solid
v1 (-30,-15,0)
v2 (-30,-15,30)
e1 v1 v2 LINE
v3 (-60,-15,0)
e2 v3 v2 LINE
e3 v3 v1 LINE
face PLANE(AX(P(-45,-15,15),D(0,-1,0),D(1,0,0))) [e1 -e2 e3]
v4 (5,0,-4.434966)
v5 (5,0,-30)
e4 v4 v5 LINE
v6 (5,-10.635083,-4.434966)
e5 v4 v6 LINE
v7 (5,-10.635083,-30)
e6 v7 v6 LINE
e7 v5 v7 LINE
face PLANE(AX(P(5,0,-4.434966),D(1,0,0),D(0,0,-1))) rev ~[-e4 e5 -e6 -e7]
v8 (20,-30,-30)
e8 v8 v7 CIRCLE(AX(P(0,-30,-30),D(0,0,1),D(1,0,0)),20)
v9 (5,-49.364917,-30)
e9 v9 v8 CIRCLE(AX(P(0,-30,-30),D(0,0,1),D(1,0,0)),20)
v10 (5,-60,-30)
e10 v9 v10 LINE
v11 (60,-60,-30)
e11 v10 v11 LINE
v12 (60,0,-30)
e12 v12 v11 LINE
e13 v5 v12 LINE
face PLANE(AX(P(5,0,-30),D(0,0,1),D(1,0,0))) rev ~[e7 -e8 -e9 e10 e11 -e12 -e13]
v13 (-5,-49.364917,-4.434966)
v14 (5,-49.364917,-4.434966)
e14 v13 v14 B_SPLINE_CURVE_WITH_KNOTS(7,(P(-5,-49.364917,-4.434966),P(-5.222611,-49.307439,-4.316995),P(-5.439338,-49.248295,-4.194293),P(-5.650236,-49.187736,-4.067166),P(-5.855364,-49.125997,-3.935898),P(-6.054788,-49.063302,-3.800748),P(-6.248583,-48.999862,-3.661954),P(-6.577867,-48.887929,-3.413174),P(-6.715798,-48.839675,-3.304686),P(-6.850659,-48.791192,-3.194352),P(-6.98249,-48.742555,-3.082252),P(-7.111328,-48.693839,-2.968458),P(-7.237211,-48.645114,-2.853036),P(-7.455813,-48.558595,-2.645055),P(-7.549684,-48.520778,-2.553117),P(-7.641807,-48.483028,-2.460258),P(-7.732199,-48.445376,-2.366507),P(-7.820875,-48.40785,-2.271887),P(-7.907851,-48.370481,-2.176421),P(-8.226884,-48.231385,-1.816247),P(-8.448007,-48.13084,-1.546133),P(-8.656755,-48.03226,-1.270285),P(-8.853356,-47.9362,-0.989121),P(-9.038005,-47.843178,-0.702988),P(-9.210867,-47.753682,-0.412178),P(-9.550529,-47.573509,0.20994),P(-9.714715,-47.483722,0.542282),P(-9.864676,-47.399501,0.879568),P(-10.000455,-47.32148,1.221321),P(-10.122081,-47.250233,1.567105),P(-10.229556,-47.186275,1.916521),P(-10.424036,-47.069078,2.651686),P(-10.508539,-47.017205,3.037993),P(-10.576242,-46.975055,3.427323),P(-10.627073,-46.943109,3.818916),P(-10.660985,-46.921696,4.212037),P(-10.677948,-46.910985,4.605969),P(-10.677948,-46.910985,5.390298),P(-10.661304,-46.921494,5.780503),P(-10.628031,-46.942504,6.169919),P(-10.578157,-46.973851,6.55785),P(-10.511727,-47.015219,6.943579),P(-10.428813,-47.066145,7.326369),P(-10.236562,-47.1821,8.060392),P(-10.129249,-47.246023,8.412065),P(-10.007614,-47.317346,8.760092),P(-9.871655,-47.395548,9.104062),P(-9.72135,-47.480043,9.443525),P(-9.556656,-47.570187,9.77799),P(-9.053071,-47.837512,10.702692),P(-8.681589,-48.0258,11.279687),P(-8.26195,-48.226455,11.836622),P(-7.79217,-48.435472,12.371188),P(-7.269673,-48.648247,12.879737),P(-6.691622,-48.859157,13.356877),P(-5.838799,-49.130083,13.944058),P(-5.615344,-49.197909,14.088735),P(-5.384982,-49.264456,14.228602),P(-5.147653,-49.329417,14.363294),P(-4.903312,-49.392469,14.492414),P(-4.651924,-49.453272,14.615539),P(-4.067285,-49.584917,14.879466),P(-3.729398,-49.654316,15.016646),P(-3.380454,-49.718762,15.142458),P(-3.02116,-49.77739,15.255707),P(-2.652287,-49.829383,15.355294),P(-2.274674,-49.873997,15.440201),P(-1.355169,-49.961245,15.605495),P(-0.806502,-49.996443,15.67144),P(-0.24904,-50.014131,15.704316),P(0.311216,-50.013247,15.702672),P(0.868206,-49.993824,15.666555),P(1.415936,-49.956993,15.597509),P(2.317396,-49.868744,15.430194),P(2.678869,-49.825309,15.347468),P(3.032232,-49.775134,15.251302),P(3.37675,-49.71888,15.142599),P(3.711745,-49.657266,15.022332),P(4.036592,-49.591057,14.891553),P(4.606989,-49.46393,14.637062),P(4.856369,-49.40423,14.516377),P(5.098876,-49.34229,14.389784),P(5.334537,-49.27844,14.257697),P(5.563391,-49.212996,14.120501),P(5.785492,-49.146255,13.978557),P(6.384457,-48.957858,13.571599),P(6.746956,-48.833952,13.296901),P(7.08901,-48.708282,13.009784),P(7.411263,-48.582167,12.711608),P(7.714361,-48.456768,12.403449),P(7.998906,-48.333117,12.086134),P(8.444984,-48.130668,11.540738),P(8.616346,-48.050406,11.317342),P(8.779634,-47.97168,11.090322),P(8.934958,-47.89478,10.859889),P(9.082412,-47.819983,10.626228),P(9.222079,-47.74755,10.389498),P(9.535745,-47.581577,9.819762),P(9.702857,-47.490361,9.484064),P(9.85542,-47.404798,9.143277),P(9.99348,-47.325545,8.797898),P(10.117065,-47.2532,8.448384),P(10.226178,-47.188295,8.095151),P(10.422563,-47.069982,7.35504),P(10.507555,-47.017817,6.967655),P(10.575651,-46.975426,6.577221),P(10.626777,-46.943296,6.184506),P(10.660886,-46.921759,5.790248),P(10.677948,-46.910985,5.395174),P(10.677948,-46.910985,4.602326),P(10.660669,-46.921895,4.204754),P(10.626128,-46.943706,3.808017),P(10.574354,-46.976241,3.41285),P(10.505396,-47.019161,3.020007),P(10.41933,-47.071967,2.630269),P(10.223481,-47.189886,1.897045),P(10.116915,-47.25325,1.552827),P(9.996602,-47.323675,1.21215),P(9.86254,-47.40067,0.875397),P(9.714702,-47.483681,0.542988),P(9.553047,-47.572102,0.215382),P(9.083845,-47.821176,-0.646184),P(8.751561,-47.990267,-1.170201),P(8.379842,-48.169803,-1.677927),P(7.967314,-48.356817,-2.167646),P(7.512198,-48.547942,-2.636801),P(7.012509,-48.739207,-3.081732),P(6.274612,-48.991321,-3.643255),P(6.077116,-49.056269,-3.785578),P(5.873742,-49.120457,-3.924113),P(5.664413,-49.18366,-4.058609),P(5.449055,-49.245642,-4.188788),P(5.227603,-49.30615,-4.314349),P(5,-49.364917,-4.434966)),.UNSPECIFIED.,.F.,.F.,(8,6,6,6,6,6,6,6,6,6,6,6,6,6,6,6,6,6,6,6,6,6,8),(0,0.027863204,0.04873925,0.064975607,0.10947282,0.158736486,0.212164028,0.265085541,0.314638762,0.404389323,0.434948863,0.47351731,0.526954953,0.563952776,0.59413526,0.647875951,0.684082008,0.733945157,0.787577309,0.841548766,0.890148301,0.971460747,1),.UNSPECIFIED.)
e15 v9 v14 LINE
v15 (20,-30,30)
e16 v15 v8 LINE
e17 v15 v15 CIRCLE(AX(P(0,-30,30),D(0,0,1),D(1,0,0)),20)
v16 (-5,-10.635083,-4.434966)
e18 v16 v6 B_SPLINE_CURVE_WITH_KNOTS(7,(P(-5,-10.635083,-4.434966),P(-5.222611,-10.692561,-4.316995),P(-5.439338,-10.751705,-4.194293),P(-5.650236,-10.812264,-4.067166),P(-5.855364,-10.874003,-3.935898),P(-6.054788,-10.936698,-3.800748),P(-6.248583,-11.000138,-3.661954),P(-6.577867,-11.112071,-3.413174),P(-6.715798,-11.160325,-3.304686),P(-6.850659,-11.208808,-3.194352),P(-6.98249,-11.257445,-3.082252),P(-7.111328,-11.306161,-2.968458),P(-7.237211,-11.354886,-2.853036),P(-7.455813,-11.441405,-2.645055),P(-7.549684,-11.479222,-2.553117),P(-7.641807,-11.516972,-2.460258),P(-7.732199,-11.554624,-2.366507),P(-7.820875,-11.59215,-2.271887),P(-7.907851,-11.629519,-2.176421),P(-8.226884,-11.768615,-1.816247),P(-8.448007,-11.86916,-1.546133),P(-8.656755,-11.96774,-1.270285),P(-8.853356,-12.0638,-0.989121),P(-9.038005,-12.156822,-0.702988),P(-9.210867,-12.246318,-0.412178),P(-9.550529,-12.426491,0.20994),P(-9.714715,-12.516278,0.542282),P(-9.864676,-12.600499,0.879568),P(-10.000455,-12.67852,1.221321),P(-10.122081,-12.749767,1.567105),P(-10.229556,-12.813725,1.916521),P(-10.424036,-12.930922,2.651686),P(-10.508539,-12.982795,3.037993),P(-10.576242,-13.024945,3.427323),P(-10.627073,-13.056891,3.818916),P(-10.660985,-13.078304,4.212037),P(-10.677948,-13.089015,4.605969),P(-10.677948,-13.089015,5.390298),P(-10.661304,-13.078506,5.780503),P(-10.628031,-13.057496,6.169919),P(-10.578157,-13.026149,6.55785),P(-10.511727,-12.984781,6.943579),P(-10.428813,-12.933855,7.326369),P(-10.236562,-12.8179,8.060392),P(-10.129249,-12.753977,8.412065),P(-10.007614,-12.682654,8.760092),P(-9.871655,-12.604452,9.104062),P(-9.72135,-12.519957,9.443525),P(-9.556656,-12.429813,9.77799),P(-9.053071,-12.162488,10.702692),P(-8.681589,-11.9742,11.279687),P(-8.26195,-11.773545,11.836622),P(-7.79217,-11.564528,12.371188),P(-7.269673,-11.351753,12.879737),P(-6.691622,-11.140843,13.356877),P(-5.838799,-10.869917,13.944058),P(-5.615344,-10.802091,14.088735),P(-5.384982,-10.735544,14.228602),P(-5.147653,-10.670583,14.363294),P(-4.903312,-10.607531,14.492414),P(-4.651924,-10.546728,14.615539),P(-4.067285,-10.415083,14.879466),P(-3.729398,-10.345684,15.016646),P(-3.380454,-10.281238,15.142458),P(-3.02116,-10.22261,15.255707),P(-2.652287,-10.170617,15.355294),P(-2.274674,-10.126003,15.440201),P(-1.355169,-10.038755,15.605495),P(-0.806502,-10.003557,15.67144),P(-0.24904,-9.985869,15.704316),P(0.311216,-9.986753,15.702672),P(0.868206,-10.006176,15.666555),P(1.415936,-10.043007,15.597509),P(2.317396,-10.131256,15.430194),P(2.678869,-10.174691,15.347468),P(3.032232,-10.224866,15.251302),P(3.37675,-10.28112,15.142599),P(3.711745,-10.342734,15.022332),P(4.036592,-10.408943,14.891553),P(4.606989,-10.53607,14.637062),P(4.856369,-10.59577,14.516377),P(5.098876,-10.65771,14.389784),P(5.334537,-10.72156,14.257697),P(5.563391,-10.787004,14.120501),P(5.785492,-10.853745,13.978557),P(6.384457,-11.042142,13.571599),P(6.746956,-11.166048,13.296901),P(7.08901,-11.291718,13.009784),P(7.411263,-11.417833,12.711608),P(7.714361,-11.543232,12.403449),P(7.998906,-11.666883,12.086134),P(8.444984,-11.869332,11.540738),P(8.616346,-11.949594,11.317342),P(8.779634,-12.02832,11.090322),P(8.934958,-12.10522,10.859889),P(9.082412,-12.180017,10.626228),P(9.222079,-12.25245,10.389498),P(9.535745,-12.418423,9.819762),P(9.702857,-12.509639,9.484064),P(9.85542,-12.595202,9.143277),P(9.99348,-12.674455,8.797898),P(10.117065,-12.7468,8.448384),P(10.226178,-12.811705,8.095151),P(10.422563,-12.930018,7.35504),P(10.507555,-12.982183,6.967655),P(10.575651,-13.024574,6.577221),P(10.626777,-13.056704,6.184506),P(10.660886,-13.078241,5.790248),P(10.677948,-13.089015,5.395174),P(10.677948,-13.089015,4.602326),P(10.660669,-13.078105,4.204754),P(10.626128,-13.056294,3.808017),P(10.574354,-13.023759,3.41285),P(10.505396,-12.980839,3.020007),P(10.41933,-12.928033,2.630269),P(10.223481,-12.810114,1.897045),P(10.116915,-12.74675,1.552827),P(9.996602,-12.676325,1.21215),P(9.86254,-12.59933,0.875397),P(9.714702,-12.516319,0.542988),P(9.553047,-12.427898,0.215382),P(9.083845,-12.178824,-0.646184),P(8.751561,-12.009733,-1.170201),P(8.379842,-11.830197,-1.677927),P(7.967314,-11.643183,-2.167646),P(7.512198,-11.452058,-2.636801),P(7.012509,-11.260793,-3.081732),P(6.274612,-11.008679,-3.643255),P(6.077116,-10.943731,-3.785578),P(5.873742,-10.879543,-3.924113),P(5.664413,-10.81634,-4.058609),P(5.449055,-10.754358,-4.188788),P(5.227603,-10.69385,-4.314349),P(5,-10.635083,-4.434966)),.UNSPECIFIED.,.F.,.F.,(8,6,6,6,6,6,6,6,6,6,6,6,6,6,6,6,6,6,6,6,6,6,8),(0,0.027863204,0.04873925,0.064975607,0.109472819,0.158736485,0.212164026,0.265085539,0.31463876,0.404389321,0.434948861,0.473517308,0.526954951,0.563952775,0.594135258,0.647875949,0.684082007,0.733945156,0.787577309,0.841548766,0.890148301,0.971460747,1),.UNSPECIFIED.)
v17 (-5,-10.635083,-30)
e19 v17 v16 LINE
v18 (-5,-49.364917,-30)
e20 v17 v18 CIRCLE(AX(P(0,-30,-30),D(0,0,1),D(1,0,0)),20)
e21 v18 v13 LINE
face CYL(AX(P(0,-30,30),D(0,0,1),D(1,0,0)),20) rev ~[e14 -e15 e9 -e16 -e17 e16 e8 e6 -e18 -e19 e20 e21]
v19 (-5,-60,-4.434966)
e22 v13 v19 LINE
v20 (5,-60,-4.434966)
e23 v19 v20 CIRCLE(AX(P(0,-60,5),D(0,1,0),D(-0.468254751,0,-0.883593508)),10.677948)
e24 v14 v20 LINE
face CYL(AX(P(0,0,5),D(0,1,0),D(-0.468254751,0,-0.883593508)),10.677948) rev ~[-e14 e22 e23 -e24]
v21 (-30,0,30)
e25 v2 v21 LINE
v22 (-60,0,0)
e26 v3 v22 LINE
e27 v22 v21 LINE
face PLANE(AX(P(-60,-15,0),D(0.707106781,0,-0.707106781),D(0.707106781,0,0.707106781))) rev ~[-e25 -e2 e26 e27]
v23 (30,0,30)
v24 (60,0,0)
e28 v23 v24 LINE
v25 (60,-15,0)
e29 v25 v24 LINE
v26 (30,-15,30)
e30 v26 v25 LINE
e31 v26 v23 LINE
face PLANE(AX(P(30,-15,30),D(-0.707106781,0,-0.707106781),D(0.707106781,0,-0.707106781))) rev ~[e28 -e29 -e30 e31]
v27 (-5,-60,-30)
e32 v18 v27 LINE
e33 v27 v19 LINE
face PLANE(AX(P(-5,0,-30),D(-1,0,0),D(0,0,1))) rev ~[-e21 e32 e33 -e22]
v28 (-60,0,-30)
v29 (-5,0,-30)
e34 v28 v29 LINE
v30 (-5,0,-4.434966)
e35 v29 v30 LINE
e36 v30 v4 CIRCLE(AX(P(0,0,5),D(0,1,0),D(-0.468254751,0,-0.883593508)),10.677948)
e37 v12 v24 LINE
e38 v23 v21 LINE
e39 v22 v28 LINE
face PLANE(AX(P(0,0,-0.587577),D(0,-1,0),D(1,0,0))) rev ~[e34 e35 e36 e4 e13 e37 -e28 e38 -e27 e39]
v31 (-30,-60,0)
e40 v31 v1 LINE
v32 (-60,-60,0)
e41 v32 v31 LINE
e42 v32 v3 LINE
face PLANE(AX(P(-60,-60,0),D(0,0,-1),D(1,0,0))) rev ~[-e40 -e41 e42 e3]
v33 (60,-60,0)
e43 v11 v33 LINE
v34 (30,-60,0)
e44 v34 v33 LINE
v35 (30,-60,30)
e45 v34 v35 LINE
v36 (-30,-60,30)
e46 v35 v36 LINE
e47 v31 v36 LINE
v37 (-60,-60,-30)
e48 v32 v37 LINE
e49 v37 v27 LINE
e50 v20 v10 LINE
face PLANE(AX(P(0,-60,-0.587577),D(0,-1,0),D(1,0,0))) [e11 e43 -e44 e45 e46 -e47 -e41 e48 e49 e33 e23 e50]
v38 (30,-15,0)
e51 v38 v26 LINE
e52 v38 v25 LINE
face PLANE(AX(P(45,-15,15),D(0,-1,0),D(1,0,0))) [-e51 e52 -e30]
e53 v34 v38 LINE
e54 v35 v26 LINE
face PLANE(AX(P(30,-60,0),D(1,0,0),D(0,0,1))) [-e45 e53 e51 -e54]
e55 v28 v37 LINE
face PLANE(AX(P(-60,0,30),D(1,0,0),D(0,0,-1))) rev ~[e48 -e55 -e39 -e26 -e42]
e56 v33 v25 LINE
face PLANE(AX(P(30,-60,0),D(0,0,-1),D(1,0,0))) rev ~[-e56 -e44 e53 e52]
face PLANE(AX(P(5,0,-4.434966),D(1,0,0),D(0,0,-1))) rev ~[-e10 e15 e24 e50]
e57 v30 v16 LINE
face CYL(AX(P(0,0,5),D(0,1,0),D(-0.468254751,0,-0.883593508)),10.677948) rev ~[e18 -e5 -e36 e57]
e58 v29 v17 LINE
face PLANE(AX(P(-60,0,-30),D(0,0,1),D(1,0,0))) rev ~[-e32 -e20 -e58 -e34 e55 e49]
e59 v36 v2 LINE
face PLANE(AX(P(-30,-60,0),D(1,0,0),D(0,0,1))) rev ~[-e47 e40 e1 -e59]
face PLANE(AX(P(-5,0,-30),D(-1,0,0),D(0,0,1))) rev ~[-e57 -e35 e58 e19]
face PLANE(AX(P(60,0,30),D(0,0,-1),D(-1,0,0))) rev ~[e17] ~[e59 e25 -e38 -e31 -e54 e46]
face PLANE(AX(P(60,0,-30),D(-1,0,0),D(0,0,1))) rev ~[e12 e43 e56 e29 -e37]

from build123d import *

# Parameters (mm, degrees)
F1_DEPTH = 60
F2_W     = 30
F2_H     = 30
F3_DEPTH = 45
F5_DEPTH = 15.001
F7_DEPTH = 15.001
F8_R     = 20
F9_DEPTH = 60.001


with BuildPart() as f1:
    # F0 (on Front) → F1 (new body)
    with BuildSketch(Plane.XZ):
        with BuildLine():
            Line((60, 30), (-60, 30))
            Line((-60, 30), (-60, -30))
            Line((-60, -30), (-5, -30))
            Line((-5, -30), (-5, -4.434966))
            ThreePointArc((-5, -4.434966), (0, 15.677948), (5, -4.434966))
            Line((5, -4.434966), (5, -30))
            Line((5, -30), (60, -30))
            Line((60, -30), (60, 30))
        make_face()
    extrude(amount=F1_DEPTH)

    # F2 (on face) → F3 (cut)
    with BuildSketch(Plane.XZ.offset(60)):
        with Locations((-45, 15)):
            Rectangle(F2_W, F2_H)
        with Locations((45, 15)):
            Rectangle(F2_W, F2_H)
    extrude(amount=-F3_DEPTH, mode=Mode.SUBTRACT)

    # F4 (on face) → F5 (cut, through all)
    with BuildSketch(Plane.XZ.offset(15)):
        Polygon((-60, 0), (-30, 30), (-60, 30), align=None)
    extrude(amount=-F5_DEPTH, mode=Mode.SUBTRACT)

    # F6 (on face) → F7 (cut, through all)
    with BuildSketch(Plane.XZ.offset(15)):
        Polygon((60, 30), (30, 30), (60, 0), align=None)
    extrude(amount=-F7_DEPTH, mode=Mode.SUBTRACT)

    # F8 (on face) → F9 (cut, through all)
    with BuildSketch(Plane.XY.offset(30)):
        with Locations((0, -30)):
            Circle(F8_R)
    extrude(amount=-F9_DEPTH, mode=Mode.SUBTRACT)


solid = f1.part
